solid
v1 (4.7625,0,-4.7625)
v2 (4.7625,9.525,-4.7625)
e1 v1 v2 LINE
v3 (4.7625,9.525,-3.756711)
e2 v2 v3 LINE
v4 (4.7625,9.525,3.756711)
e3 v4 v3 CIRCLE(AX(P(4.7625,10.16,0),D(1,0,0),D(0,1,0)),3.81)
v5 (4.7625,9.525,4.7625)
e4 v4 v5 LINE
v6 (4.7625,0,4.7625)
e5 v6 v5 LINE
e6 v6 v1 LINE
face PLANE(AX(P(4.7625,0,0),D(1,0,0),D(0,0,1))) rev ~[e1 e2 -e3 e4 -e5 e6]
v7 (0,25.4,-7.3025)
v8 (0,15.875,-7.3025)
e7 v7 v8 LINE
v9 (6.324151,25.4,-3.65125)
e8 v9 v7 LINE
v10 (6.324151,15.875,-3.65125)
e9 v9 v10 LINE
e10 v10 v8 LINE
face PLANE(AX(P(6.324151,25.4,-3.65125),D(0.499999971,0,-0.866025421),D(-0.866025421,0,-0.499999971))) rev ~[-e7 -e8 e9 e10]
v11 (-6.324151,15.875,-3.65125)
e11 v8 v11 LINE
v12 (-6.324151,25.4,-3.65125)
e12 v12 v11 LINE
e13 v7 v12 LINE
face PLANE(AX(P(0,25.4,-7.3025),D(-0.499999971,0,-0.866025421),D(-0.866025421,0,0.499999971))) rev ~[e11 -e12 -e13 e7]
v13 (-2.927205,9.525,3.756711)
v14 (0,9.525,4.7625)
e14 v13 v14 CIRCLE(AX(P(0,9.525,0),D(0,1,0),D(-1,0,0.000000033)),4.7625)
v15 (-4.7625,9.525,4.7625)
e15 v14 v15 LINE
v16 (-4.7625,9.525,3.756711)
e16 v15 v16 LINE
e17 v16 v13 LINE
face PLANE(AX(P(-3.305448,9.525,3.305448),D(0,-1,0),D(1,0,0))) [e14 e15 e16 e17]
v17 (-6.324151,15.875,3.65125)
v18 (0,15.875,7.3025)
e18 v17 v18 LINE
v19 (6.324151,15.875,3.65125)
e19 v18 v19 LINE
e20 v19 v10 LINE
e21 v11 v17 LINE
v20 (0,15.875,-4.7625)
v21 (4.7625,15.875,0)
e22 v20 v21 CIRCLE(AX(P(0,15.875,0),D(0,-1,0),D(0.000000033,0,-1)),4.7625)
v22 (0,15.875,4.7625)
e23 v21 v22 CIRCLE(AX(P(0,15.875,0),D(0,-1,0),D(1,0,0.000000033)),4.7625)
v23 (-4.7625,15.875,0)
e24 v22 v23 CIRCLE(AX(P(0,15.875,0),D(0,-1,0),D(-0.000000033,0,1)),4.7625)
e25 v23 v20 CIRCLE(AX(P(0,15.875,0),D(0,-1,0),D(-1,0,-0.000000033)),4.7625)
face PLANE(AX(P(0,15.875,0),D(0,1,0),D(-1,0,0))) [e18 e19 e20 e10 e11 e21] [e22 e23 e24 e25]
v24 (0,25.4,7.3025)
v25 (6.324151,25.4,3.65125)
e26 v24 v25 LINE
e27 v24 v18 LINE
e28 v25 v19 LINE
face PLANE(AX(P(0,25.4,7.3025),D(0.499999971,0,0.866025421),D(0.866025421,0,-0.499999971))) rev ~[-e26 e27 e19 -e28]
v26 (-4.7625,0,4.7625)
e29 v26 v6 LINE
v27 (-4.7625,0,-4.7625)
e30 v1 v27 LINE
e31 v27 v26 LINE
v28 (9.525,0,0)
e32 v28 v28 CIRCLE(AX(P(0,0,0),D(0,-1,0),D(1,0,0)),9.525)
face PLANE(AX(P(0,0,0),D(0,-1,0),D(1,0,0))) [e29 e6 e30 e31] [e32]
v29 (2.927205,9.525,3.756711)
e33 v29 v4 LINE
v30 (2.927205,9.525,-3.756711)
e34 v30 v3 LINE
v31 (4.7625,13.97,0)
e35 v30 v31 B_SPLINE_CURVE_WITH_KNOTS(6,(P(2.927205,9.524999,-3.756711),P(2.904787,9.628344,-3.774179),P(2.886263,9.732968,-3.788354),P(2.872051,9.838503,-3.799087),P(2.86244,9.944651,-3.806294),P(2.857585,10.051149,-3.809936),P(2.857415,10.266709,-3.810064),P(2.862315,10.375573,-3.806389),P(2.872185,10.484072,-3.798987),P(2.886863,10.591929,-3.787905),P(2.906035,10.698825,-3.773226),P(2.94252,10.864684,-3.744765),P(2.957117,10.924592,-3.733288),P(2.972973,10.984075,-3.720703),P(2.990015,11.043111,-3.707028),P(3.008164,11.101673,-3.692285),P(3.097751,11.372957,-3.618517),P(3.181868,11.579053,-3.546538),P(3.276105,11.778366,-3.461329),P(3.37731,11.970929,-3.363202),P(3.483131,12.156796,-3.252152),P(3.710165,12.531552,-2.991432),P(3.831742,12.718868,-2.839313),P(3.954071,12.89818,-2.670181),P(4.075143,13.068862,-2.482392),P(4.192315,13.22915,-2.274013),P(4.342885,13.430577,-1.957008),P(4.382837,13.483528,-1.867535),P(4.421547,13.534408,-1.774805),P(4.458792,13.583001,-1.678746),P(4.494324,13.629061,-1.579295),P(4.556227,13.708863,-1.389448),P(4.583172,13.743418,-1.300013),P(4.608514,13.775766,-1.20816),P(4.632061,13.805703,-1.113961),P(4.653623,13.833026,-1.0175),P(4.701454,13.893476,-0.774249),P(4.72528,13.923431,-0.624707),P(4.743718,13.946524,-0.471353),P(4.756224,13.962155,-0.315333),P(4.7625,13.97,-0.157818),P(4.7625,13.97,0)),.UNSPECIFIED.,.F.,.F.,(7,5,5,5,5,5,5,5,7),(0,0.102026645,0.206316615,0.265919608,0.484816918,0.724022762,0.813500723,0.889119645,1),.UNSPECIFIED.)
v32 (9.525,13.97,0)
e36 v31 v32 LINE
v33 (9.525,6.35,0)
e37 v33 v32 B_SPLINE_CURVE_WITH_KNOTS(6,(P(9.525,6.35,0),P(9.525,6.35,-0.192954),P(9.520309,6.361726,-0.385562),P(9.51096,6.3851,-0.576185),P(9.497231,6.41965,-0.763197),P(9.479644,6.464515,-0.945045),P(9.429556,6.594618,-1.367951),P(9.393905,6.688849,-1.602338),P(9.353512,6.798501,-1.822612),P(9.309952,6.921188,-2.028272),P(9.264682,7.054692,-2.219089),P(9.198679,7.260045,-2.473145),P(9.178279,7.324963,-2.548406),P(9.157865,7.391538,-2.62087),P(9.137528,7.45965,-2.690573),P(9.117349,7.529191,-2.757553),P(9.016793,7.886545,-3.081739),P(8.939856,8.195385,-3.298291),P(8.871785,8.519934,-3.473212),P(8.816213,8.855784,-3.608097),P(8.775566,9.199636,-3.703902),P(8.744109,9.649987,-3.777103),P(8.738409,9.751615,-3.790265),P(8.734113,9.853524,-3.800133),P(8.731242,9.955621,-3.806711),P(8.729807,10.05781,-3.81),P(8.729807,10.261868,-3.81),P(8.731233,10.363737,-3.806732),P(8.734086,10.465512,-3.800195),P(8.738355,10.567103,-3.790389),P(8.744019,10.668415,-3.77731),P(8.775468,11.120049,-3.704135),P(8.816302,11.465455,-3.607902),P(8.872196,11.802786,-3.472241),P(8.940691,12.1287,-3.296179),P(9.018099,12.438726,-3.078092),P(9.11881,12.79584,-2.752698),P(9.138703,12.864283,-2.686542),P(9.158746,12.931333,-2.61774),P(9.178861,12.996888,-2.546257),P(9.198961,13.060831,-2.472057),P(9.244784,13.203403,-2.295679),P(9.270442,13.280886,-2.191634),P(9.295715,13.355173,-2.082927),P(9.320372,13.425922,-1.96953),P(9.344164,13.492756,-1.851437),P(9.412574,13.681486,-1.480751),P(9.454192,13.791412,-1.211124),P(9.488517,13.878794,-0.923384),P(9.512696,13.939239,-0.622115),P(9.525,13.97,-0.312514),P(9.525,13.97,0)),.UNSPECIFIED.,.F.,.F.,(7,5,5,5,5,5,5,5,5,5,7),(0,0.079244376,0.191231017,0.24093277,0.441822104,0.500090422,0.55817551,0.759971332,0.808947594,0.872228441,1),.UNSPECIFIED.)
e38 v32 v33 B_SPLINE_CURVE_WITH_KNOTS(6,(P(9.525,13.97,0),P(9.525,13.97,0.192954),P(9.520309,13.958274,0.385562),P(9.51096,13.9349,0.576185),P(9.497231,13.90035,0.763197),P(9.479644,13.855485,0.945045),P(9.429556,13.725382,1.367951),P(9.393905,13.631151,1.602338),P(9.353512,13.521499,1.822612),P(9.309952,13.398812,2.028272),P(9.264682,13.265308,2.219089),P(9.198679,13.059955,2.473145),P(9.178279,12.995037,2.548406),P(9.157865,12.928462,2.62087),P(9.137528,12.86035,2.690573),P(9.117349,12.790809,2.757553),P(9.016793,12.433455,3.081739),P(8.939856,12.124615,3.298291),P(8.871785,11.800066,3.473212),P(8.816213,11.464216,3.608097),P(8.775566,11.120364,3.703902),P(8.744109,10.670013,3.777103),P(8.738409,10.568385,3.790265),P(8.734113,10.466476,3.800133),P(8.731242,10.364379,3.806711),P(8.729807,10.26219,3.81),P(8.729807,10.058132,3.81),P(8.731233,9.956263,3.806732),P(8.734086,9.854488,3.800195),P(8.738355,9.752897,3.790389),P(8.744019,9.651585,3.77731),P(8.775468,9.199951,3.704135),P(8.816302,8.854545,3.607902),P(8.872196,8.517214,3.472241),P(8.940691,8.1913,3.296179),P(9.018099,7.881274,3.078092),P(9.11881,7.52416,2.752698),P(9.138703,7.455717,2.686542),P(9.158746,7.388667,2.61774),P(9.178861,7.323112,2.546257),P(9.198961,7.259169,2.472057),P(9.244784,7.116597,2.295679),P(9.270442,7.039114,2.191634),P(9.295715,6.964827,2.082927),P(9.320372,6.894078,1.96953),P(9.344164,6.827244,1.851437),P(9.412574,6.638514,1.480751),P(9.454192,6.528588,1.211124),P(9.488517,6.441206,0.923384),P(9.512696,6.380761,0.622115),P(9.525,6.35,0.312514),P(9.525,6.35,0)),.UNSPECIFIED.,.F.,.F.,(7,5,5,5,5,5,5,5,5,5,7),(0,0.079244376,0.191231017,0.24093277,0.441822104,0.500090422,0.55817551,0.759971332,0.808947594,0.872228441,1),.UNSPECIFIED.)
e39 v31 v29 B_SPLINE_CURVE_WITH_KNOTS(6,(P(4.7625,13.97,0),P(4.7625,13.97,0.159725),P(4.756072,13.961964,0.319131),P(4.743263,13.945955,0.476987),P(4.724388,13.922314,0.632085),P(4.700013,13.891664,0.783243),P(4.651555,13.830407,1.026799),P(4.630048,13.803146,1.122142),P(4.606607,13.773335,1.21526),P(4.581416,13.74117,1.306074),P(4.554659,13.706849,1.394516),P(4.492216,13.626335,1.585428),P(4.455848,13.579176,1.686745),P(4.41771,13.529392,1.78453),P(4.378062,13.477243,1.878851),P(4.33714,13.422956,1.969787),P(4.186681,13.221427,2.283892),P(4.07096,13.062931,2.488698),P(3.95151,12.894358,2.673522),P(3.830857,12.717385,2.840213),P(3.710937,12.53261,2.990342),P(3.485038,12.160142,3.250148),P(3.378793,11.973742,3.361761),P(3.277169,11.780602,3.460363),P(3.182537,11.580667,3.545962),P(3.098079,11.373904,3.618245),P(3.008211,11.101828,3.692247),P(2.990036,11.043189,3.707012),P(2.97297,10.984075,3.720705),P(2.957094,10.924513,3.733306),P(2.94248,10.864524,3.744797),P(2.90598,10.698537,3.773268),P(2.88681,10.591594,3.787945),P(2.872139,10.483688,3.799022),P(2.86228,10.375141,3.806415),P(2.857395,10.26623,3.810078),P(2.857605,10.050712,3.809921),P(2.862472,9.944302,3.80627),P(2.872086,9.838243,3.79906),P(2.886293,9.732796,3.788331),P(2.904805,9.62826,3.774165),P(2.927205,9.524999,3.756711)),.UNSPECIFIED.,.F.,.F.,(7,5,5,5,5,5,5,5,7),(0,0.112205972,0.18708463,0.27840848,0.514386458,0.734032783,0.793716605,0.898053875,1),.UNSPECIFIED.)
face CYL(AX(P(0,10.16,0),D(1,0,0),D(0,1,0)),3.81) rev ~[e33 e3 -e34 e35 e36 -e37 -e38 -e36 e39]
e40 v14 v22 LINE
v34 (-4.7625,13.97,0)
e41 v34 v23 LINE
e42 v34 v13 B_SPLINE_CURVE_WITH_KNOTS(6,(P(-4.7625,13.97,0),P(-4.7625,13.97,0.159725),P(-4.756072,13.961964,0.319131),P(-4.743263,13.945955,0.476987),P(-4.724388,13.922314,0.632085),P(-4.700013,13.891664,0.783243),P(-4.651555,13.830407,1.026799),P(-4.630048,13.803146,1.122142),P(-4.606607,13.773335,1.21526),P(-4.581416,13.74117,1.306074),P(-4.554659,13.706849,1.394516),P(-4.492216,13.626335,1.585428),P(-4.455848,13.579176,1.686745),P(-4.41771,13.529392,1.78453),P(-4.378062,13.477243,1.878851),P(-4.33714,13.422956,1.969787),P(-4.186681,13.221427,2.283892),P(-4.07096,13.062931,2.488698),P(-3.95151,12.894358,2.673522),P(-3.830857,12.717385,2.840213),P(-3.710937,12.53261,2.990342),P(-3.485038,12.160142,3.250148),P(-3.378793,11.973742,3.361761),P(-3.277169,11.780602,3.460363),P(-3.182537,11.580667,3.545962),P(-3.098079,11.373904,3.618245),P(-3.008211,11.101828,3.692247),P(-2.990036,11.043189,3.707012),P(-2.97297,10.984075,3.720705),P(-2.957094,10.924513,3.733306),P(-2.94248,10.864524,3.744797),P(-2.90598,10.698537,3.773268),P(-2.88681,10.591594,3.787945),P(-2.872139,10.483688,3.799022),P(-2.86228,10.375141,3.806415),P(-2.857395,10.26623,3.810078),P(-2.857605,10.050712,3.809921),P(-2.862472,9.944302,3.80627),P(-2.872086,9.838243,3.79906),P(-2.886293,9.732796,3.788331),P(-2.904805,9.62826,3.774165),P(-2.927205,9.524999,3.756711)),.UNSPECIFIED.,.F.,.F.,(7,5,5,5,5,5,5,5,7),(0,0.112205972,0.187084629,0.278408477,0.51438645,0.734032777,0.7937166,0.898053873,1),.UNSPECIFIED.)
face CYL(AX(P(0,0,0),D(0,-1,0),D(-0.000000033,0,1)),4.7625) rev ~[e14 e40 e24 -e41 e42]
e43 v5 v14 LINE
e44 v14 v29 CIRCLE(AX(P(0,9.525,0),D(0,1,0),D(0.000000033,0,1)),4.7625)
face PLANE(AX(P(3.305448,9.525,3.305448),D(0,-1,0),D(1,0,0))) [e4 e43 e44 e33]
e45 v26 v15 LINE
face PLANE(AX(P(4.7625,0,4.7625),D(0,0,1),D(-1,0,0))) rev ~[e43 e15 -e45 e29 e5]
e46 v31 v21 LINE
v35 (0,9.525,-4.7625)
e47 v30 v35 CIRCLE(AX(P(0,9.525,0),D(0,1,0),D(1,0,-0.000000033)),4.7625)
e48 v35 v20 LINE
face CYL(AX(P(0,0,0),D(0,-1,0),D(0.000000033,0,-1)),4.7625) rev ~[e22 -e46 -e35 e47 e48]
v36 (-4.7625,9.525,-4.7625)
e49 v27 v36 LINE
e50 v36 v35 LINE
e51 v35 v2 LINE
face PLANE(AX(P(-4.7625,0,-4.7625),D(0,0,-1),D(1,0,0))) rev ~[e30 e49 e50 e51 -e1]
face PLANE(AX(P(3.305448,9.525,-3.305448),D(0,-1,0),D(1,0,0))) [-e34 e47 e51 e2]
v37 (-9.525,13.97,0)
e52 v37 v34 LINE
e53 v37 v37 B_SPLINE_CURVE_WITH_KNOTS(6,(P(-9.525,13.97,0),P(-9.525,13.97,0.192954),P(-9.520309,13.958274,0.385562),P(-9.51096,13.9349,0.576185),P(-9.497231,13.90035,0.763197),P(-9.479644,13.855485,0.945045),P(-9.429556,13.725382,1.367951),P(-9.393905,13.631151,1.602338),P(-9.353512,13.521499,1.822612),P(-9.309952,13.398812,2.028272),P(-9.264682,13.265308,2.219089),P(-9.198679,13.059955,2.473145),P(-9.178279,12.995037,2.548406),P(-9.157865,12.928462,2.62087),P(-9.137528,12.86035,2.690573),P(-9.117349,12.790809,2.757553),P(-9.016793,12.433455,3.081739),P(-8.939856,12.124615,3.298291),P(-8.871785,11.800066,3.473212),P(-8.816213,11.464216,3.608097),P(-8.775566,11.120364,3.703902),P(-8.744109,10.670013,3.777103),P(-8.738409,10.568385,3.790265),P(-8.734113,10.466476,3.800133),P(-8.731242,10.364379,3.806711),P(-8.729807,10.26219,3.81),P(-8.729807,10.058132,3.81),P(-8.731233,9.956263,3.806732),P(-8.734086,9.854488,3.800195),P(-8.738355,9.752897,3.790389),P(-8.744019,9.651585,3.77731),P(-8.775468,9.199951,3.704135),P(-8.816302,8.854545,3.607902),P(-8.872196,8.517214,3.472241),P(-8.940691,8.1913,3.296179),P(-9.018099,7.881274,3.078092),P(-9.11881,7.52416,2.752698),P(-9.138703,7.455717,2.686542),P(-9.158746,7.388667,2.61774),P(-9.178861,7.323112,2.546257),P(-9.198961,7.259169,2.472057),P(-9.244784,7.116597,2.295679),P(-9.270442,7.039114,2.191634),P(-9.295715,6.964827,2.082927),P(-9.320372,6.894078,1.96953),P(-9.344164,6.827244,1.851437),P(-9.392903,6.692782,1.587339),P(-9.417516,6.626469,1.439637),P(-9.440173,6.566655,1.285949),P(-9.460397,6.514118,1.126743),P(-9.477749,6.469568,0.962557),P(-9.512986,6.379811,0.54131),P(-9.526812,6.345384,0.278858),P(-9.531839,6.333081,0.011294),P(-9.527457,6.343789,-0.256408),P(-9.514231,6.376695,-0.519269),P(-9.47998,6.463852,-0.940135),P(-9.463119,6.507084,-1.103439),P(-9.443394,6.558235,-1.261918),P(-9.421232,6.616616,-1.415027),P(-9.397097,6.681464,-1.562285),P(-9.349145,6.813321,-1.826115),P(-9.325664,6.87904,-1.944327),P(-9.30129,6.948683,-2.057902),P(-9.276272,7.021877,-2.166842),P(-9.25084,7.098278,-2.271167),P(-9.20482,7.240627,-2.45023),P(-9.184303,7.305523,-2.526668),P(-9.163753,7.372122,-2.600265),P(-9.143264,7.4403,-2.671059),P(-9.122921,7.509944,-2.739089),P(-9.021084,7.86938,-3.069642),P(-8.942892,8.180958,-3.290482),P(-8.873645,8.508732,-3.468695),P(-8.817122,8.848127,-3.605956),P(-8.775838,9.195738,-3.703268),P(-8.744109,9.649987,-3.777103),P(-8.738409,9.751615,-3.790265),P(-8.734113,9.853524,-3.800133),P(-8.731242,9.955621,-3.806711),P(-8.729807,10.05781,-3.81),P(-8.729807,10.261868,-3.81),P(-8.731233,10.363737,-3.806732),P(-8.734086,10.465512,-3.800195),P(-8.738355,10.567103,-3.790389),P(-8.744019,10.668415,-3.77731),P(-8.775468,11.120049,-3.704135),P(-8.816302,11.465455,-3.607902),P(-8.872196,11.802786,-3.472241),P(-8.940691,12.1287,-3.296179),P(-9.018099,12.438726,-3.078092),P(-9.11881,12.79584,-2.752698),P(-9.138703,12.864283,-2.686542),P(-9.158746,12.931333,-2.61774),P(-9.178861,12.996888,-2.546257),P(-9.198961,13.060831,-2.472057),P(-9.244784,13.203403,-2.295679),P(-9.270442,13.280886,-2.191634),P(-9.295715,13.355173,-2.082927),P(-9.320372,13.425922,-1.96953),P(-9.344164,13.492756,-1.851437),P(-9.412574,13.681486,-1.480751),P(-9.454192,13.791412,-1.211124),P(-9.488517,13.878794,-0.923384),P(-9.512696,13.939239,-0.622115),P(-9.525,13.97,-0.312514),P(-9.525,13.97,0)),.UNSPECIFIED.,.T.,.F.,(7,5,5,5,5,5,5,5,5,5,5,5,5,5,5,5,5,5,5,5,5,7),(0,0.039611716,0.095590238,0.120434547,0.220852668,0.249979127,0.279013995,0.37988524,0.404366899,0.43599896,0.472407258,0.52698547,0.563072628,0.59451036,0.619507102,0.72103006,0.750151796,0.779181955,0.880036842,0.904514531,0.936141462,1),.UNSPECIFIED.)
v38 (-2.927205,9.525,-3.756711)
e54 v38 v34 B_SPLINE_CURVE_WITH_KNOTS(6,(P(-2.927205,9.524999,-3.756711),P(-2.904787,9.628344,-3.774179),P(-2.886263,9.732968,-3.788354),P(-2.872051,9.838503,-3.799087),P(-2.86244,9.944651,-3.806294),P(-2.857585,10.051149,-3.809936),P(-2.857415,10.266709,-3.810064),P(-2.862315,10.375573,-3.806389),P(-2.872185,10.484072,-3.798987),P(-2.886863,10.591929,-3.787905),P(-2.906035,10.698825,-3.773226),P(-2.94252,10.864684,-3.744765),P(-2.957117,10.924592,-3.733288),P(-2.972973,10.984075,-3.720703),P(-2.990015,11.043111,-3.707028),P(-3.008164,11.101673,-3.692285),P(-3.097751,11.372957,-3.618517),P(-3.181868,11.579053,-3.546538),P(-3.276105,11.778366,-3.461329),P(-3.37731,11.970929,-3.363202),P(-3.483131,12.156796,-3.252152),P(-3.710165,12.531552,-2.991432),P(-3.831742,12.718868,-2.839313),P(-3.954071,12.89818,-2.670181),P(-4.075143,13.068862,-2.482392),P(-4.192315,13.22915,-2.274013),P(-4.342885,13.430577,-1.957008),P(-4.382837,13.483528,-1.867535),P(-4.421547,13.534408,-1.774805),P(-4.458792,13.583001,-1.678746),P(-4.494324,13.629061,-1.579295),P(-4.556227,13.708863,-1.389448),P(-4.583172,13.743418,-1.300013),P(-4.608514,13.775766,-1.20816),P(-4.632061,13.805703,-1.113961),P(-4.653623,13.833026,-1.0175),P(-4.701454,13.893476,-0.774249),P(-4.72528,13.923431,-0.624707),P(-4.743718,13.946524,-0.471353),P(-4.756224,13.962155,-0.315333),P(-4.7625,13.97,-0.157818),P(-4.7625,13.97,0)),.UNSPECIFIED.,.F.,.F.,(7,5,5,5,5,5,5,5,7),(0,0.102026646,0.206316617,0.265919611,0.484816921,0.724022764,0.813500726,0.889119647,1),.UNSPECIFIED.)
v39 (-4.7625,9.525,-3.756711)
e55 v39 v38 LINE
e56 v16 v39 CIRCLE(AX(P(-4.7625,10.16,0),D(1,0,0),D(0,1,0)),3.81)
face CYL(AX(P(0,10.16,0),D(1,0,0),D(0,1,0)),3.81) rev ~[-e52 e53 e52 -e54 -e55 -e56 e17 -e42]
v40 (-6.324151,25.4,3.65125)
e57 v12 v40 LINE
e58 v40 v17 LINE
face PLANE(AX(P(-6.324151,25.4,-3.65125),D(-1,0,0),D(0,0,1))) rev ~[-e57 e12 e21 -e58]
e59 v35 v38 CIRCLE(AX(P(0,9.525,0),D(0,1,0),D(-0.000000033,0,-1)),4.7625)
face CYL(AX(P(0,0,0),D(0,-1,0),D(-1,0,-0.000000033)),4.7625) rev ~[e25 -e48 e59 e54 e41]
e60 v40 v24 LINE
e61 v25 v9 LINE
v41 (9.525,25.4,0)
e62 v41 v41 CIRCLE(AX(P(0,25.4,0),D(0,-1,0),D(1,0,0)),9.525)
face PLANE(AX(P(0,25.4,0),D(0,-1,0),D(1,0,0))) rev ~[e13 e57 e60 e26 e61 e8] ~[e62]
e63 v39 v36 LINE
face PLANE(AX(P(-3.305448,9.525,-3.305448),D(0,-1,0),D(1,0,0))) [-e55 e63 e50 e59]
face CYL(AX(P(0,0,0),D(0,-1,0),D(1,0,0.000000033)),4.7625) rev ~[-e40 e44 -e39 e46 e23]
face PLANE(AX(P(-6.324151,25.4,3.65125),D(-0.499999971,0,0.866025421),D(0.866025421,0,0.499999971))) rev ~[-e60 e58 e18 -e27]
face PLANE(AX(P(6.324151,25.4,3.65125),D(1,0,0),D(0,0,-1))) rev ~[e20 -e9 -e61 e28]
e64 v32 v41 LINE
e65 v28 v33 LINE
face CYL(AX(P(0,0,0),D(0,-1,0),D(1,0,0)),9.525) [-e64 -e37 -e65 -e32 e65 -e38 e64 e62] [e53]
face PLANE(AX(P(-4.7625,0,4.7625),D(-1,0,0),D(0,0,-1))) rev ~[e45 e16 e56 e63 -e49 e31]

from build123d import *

# Parameters (mm, degrees)
F0_R     = 9.525
F1_DEPTH = 25.4
F3_DEPTH = 25.401
F4_DEPTH = 9.525
F6_DEPTH = 9.525
F7_R     = 3.81
F8_DEPTH = 12.7


with BuildPart() as f1:
    # F0 (on Front) → F1 (new body)
    with BuildSketch(Plane.XZ):
        Circle(F0_R)
    extrude(amount=-F1_DEPTH)

    # F2 (on face) → F3 (cut, through all)
    with BuildSketch(Plane.XZ):
        with BuildLine():
            ThreePointArc((4.7625, 0), (3.367596, 3.367596), (0, 4.7625))
            ThreePointArc((0, 4.7625), (-3.367596, 3.367596), (-4.7625, 0))
            ThreePointArc((-4.7625, 0), (-3.367596, -3.367596), (0, -4.7625))
            ThreePointArc((0, -4.7625), (3.367596, -3.367596), (4.7625, 0))
        make_face()
    extrude(amount=-F3_DEPTH, mode=Mode.SUBTRACT)

    # F2 (on face) → F4 (cut)
    with BuildSketch(Plane.XZ):
        with BuildLine():
            Line((4.7625, 0), (4.7625, 4.7625))
            Line((4.7625, 4.7625), (0, 4.7625))
            ThreePointArc((0, 4.7625), (3.367596, 3.367596), (4.7625, 0))
        make_face()
        with BuildLine():
            ThreePointArc((-4.7625, 0), (-3.367596, 3.367596), (0, 4.7625))
            Line((0, 4.7625), (-4.7625, 4.7625))
            Line((-4.7625, 4.7625), (-4.7625, 0))
        make_face()
        with BuildLine():
            Line((4.7625, -4.7625), (4.7625, 0))
            ThreePointArc((4.7625, 0), (3.367596, -3.367596), (0, -4.7625))
            Line((0, -4.7625), (4.7625, -4.7625))
        make_face()
        with BuildLine():
            ThreePointArc((0, -4.7625), (-3.367596, -3.367596), (-4.7625, 0))
            Line((-4.7625, 0), (-4.7625, -4.7625))
            Line((-4.7625, -4.7625), (0, -4.7625))
        make_face()
    extrude(amount=-F4_DEPTH, mode=Mode.SUBTRACT)

    # F5 (on face) → F6 (cut)
    with BuildSketch(Plane(origin=(0, 25.4, 0), x_dir=(-1, 0, 0), z_dir=(0, 1, 0))):
        Polygon((-6.324151, 3.65125), (-6.324151, -3.65125), (0, -7.3025), (6.324151, -3.65125), (6.324151, 3.65125), (0, 7.3025), align=None)
    extrude(amount=-F6_DEPTH, mode=Mode.SUBTRACT)

    # F7 (on Right) → F8 (cut, symmetric)
    with BuildSketch(Plane.YZ):
        with Locations((10.16, 0)):
            Circle(F7_R)
    extrude(amount=F8_DEPTH, both=True, mode=Mode.SUBTRACT)


solid = f1.part
